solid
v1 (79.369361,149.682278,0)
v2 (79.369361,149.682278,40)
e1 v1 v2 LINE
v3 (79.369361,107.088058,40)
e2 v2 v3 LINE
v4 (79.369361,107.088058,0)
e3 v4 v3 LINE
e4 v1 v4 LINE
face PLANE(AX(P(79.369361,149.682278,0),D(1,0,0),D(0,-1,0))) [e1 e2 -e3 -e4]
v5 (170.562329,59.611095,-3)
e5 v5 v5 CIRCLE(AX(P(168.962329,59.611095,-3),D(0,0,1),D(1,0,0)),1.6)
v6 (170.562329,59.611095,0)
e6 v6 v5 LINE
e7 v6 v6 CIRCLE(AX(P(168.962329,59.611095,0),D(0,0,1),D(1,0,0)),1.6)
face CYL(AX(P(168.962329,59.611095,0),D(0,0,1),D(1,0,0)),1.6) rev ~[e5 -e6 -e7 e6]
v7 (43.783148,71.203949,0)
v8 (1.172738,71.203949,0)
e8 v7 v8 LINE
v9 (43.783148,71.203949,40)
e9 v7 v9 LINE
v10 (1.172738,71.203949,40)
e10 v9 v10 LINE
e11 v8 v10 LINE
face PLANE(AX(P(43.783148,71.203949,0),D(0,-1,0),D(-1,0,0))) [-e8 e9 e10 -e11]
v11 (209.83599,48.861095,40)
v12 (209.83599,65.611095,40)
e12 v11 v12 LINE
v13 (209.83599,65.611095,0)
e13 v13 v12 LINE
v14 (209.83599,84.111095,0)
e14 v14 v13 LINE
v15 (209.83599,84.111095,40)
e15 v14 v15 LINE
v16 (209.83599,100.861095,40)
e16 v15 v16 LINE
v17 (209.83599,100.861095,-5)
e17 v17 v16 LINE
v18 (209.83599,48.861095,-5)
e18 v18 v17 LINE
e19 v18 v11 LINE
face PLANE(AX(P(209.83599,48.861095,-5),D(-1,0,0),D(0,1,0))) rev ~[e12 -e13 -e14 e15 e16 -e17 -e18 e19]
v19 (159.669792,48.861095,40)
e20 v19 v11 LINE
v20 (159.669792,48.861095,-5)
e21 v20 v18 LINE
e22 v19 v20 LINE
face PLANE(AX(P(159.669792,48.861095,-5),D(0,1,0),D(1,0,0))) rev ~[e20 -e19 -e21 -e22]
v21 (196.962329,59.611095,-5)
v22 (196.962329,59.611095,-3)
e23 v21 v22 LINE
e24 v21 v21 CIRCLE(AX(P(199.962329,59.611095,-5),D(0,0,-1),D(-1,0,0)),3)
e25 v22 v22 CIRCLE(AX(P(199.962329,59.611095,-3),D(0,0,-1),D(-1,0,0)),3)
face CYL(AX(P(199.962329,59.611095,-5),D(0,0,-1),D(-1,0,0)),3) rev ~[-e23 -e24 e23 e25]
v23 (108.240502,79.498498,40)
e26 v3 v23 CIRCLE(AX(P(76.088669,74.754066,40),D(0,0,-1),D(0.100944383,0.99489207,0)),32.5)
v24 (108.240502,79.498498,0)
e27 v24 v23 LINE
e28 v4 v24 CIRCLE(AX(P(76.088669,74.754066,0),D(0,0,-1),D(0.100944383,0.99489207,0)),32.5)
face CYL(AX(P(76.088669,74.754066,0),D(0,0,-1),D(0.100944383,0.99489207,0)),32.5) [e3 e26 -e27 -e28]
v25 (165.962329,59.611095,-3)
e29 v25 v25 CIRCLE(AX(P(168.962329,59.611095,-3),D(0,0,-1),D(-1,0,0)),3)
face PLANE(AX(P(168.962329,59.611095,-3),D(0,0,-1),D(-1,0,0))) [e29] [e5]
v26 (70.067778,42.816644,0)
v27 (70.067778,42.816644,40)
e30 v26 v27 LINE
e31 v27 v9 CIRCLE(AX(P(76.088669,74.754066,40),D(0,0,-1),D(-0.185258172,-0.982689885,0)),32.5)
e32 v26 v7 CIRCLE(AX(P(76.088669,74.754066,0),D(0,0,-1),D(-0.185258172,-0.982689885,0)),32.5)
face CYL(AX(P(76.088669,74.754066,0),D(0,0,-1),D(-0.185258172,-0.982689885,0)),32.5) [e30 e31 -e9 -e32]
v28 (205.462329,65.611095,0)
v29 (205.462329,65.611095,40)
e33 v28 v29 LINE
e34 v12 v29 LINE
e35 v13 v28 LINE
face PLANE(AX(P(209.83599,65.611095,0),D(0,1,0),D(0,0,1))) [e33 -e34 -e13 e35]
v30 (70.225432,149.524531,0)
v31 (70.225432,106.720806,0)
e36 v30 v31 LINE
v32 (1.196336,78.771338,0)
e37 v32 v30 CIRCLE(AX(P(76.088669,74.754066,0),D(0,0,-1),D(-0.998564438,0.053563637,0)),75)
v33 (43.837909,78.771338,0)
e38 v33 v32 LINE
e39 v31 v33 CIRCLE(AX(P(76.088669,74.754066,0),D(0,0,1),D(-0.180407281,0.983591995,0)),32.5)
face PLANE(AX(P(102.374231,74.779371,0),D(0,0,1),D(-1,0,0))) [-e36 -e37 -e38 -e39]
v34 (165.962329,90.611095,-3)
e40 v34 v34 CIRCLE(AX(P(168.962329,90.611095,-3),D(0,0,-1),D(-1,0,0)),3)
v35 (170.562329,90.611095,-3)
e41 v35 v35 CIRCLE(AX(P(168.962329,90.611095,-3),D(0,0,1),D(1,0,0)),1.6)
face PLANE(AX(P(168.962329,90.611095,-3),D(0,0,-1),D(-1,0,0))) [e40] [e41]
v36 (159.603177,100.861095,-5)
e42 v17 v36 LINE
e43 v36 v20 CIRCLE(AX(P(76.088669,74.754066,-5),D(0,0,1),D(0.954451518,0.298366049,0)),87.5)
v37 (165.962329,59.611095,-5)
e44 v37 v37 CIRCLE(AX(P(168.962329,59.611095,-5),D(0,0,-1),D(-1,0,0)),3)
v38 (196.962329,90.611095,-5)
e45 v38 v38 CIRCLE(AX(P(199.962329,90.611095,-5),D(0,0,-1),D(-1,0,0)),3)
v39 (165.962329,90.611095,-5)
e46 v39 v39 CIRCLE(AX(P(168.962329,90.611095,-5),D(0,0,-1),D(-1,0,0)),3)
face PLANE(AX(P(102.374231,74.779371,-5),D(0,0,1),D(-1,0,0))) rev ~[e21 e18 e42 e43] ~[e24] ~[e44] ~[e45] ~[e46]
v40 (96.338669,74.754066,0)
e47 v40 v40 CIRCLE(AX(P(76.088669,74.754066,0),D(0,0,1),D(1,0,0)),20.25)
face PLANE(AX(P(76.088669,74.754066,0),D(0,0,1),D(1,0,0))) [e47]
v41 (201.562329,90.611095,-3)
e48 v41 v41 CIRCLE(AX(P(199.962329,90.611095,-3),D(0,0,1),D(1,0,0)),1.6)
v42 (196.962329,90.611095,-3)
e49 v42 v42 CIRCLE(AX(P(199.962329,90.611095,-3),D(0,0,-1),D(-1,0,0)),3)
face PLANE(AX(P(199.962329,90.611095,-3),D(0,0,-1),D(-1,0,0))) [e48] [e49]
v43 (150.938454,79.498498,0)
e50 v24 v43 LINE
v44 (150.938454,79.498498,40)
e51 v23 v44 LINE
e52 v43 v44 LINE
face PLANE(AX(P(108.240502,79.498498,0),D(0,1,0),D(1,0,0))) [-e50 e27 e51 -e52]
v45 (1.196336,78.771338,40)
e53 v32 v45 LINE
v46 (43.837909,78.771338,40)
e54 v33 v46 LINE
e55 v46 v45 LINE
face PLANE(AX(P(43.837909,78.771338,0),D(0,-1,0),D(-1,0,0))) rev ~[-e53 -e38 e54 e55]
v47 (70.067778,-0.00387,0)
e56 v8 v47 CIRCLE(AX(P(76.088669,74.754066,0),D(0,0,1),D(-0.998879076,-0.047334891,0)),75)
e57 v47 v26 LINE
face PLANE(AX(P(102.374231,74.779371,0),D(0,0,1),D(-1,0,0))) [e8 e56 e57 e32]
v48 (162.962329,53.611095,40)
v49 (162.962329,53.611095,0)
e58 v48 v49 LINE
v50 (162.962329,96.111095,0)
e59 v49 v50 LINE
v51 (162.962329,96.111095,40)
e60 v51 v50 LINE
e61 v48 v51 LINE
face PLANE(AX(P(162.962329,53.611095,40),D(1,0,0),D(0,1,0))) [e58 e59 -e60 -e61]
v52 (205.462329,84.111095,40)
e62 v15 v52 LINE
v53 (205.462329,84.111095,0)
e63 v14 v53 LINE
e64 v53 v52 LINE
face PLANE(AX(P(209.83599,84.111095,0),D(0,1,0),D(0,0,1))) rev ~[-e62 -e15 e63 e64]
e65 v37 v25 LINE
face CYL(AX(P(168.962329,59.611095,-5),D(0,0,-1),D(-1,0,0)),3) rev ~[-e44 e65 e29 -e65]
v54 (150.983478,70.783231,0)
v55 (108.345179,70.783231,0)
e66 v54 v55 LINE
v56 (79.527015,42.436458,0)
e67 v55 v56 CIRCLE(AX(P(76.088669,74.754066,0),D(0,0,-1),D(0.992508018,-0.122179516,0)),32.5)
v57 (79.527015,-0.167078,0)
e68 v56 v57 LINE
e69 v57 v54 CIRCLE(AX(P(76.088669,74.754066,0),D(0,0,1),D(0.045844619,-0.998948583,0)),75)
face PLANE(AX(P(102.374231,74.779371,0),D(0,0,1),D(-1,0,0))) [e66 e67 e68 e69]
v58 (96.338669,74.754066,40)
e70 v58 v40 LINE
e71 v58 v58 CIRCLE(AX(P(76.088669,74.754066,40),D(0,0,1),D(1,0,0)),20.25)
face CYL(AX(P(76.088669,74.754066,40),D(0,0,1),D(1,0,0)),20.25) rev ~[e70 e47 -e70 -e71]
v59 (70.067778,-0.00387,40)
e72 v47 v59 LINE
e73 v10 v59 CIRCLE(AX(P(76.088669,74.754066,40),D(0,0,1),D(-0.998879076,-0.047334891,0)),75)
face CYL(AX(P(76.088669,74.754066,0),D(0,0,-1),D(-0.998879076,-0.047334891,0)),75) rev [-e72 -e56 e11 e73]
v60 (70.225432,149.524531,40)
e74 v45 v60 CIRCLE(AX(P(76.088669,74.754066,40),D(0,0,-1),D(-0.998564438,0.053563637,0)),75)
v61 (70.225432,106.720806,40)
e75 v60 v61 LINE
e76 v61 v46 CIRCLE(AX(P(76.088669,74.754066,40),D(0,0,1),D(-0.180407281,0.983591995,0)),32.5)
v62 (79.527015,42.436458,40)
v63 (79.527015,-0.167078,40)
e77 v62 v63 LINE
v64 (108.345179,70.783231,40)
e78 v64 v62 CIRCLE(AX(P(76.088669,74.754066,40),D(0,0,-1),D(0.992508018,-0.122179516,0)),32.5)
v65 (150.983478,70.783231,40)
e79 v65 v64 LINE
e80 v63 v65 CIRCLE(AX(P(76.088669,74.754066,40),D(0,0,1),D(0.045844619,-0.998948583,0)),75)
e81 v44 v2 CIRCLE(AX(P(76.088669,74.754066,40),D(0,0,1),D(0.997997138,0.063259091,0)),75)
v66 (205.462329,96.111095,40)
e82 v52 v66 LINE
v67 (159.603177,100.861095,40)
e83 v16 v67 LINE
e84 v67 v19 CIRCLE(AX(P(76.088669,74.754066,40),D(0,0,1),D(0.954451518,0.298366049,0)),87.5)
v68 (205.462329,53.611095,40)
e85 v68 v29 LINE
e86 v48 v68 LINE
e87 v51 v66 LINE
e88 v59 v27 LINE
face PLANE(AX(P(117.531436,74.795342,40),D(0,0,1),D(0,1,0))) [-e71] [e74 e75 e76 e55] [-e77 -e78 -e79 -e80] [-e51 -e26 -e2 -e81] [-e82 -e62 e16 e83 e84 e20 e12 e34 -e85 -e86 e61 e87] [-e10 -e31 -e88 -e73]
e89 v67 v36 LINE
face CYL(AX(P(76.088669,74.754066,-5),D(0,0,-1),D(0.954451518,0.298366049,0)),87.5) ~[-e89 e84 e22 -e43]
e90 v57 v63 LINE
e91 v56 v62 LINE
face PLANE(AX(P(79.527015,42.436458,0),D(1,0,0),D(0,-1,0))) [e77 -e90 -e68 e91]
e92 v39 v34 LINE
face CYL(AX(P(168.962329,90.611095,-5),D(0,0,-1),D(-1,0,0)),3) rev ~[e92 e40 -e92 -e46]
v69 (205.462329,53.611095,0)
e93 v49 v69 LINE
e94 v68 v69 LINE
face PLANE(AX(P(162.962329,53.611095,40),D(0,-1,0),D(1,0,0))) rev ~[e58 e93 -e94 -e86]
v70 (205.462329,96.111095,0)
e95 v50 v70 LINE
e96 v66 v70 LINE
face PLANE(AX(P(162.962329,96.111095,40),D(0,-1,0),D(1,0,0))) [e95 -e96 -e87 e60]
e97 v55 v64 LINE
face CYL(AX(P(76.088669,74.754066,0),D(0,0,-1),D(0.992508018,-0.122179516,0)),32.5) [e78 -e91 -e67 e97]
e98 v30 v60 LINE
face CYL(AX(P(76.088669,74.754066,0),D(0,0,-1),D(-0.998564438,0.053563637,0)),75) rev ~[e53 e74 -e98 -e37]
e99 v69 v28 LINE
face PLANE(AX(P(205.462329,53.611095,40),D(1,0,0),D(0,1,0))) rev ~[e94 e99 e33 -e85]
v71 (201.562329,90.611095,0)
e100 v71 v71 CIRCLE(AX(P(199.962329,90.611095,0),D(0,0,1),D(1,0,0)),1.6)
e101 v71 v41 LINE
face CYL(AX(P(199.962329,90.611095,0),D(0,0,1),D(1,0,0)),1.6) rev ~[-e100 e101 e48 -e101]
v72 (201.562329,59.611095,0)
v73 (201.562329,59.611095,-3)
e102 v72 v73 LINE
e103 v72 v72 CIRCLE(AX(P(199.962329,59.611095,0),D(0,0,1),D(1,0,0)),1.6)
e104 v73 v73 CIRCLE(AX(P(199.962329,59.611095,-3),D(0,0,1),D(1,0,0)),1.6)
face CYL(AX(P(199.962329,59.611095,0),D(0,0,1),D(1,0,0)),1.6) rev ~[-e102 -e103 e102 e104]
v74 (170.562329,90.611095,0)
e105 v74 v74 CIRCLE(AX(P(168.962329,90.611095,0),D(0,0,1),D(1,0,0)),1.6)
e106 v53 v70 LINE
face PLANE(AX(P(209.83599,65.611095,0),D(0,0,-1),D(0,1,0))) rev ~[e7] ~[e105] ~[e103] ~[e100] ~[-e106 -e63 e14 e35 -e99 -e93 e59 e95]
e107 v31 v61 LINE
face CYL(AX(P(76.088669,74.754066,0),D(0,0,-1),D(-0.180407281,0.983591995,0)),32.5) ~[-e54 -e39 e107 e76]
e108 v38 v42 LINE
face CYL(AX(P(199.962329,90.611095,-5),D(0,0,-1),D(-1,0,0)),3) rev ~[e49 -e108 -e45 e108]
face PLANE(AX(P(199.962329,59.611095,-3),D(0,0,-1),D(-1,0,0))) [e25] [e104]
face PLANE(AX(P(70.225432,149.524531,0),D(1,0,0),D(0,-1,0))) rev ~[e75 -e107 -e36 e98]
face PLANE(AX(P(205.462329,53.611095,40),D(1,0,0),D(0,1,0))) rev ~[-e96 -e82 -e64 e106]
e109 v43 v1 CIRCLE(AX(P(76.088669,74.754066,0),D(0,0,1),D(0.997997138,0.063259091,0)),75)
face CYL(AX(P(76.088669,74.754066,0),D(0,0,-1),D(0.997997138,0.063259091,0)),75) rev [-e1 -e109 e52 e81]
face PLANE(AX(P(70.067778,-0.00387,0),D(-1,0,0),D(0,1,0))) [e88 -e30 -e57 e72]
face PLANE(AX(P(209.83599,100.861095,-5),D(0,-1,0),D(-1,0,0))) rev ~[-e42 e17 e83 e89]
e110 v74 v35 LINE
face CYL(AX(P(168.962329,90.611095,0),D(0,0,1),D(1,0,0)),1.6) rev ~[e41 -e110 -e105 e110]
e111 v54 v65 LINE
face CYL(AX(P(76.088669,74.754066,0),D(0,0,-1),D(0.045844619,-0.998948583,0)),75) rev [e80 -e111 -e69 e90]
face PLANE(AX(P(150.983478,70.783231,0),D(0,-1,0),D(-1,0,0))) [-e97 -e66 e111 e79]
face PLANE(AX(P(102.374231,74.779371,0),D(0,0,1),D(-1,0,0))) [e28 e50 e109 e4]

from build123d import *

# Parameters (mm, degrees)
SKETCH1_R           = 20
BOSS_EXTRUDE4_DEPTH = 40
BOSS_EXTRUDE5_START = 5
BOSS_EXTRUDE5_DEPTH = 5
SKETCH6_R           = 1.25
CUT_EXTRUDE1_DEPTH  = 5
SKETCH7_R           = 3
CUT_EXTRUDE2_DEPTH  = 2
SKETCH8_R           = 20.25
CUT_EXTRUDE3_DEPTH  = 40
SKETCH9_W           = 42.5
SKETCH9_H           = 42.5
CUT_EXTRUDE4_DEPTH  = 40
SKETCH10_W          = 18.5
SKETCH10_H          = 40
CUT_EXTRUDE5_DEPTH  = 7
SKETCH11_R          = 1.6
CUT_EXTRUDE6_DEPTH  = 269.248997311


with BuildPart() as part:
    # Sketch1 → Boss-Extrude4 (new body)
    with BuildSketch(Plane(origin=(0, 0, 0), x_dir=(0, 1, 0), z_dir=(0, 0, 1))):
        with BuildLine():
            Line((48.86109499, -159.669791534), (48.86109499, -209.83599005))
            Line((48.86109499, -209.83599005), (65.86109499, -209.83599005))
            Line((65.86109499, -209.83599005), (65.86109499, -204.83599005))
            Line((65.86109499, -204.83599005), (53.86109499, -204.83599005))
            Line((53.86109499, -204.83599005), (53.86109499, -163.588668859))
            Line((53.86109499, -163.588668859), (95.86109499, -163.588668859))
            Line((95.86109499, -163.588668859), (95.86109499, -204.83599005))
            Line((95.86109499, -204.83599005), (83.86109499, -204.83599005))
            Line((83.86109499, -204.83599005), (83.86109499, -209.83599005))
            Line((83.86109499, -209.83599005), (100.86109499, -209.83599005))
            Line((100.86109499, -209.83599005), (100.86109499, -159.603176712))
            ThreePointArc((100.86109499, -159.603176712), (74.64197355, 11.411259343), (48.86109499, -159.669791534))
        make_face()
        with Locations(Location((74.754065705, -76.088668859, 0), (0, 0, 270))):
            Circle(SKETCH1_R, mode=Mode.SUBTRACT)
        with BuildLine():
            Line((149.524530838, -70.225432227), (106.720805548, -70.225432227))
            ThreePointArc((106.720805548, -70.225432227), (97.065220712, -52.456860586), (78.771338454, -43.837908873))
            Line((78.771338454, -43.837908873), (78.771338454, -1.19633601))
            ThreePointArc((78.771338454, -1.19633601), (127.128973259, -22.405626297), (149.524530838, -70.225432227))
        make_face(mode=Mode.SUBTRACT)
        with BuildLine():
            Line((149.682278397, -79.369361301), (107.088057991, -79.369361301))
            ThreePointArc((107.088057991, -79.369361301), (98.250620194, -98.542219295), (79.498497507, -108.240501884))
            Line((79.498497507, -108.240501884), (79.498497507, -150.938454209))
            ThreePointArc((79.498497507, -150.938454209), (128.302794309, -128.600892817), (149.682278397, -79.369361301))
        make_face(mode=Mode.SUBTRACT)
        with BuildLine():
            Line((70.783231418, -150.983478259), (70.783231418, -108.345179443))
            ThreePointArc((70.783231418, -108.345179443), (51.584378521, -98.879359849), (42.436457903, -79.52701525))
            Line((42.436457903, -79.52701525), (-0.167078, -79.52701525))
            ThreePointArc((-0.167078, -79.52701525), (21.532899104, -128.932849482), (70.783231418, -150.983478259))
        make_face(mode=Mode.SUBTRACT)
        with BuildLine():
            Line((-0.003869503, -70.067778277), (42.816644448, -70.067778277))
            ThreePointArc((42.816644448, -70.067778277), (52.673264417, -52.241484236), (71.203948876, -43.783148116))
            Line((71.203948876, -43.783148116), (71.203948876, -1.172738174))
            ThreePointArc((71.203948876, -1.172738174), (22.603616127, -22.187550051), (-0.003869503, -70.067778277))
        make_face(mode=Mode.SUBTRACT)
    extrude(amount=BOSS_EXTRUDE4_DEPTH)

    # Sketch4 → Boss-Extrude5 (add)
    with BuildSketch(Plane(origin=(0, 0, 0), x_dir=(1, 0, 0), z_dir=(0, 0, -1)).offset(BOSS_EXTRUDE5_START)):
        with BuildLine():
            Line((159.669791534, -48.86109499), (209.83599005, -48.86109499))
            Line((209.83599005, -48.86109499), (209.83599005, -100.86109499))
            Line((209.83599005, -100.86109499), (159.603176712, -100.86109499))
            ThreePointArc((159.603176712, -100.86109499), (-11.411259343, -74.64197355), (159.669791534, -48.86109499))
        make_face()
    extrude(amount=-BOSS_EXTRUDE5_DEPTH)

    # Sketch6 → Cut-Extrude1 (cut)
    with BuildSketch(Plane(origin=(0, 0, -5), x_dir=(1, 0, 0), z_dir=(0, 0, -1))):
        with Locations(Location((199.962329455, -59.61109499, 0), (0, 0, 180))):
            Circle(SKETCH6_R)
        with Locations(Location((168.962329455, -59.61109499, 0), (0, 0, 180))):
            Circle(SKETCH6_R)
        with Locations(Location((168.962329455, -90.61109499, 0), (0, 0, 180))):
            Circle(SKETCH6_R)
        with Locations(Location((199.962329455, -90.61109499, 0), (0, 0, 180))):
            Circle(SKETCH6_R)
    extrude(amount=-CUT_EXTRUDE1_DEPTH, mode=Mode.SUBTRACT)

    # Sketch7 → Cut-Extrude2 (cut)
    with BuildSketch(Plane(origin=(0, 0, -5), x_dir=(-1, 0, 0), z_dir=(0, 0, -1))):
        with Locations((-199.962329455, 59.61109499)):
            Circle(SKETCH7_R)
        with Locations((-168.962329455, 59.61109499)):
            Circle(SKETCH7_R)
        with Locations((-168.962329455, 90.61109499)):
            Circle(SKETCH7_R)
        with Locations((-199.962329455, 90.61109499)):
            Circle(SKETCH7_R)
    extrude(amount=-CUT_EXTRUDE2_DEPTH, mode=Mode.SUBTRACT)

    # Sketch8 → Cut-Extrude3 (cut)
    with BuildSketch(Plane.XY.offset(40)):
        with Locations((76.088668859, 74.754065705)):
            Circle(SKETCH8_R)
    extrude(amount=-CUT_EXTRUDE3_DEPTH, mode=Mode.SUBTRACT)

    # Sketch9 → Cut-Extrude4 (cut)
    with BuildSketch(Plane.XY.offset(40)):
        with Locations((184.212329455, 74.86109499)):
            Rectangle(SKETCH9_W, SKETCH9_H)
    extrude(amount=-CUT_EXTRUDE4_DEPTH, mode=Mode.SUBTRACT)

    # Sketch10 → Cut-Extrude5 (cut)
    with BuildSketch(Plane.YZ.offset(209.83599005)):
        with Locations((74.86109499, 20)):
            Rectangle(SKETCH10_W, SKETCH10_H)
    extrude(amount=-CUT_EXTRUDE5_DEPTH, mode=Mode.SUBTRACT)

    # Sketch11 → Cut-Extrude6 (cut, through all)
    with BuildSketch(Plane.XY):
        with Locations((168.962329455, 90.61109499)):
            Circle(SKETCH11_R)
        with Locations((199.962329455, 90.61109499)):
            Circle(SKETCH11_R)
        with Locations((168.962329455, 59.61109499)):
            Circle(SKETCH11_R)
        with Locations((199.962329455, 59.61109499)):
            Circle(SKETCH11_R)
    extrude(amount=-CUT_EXTRUDE6_DEPTH, mode=Mode.SUBTRACT)


solid = part.part
